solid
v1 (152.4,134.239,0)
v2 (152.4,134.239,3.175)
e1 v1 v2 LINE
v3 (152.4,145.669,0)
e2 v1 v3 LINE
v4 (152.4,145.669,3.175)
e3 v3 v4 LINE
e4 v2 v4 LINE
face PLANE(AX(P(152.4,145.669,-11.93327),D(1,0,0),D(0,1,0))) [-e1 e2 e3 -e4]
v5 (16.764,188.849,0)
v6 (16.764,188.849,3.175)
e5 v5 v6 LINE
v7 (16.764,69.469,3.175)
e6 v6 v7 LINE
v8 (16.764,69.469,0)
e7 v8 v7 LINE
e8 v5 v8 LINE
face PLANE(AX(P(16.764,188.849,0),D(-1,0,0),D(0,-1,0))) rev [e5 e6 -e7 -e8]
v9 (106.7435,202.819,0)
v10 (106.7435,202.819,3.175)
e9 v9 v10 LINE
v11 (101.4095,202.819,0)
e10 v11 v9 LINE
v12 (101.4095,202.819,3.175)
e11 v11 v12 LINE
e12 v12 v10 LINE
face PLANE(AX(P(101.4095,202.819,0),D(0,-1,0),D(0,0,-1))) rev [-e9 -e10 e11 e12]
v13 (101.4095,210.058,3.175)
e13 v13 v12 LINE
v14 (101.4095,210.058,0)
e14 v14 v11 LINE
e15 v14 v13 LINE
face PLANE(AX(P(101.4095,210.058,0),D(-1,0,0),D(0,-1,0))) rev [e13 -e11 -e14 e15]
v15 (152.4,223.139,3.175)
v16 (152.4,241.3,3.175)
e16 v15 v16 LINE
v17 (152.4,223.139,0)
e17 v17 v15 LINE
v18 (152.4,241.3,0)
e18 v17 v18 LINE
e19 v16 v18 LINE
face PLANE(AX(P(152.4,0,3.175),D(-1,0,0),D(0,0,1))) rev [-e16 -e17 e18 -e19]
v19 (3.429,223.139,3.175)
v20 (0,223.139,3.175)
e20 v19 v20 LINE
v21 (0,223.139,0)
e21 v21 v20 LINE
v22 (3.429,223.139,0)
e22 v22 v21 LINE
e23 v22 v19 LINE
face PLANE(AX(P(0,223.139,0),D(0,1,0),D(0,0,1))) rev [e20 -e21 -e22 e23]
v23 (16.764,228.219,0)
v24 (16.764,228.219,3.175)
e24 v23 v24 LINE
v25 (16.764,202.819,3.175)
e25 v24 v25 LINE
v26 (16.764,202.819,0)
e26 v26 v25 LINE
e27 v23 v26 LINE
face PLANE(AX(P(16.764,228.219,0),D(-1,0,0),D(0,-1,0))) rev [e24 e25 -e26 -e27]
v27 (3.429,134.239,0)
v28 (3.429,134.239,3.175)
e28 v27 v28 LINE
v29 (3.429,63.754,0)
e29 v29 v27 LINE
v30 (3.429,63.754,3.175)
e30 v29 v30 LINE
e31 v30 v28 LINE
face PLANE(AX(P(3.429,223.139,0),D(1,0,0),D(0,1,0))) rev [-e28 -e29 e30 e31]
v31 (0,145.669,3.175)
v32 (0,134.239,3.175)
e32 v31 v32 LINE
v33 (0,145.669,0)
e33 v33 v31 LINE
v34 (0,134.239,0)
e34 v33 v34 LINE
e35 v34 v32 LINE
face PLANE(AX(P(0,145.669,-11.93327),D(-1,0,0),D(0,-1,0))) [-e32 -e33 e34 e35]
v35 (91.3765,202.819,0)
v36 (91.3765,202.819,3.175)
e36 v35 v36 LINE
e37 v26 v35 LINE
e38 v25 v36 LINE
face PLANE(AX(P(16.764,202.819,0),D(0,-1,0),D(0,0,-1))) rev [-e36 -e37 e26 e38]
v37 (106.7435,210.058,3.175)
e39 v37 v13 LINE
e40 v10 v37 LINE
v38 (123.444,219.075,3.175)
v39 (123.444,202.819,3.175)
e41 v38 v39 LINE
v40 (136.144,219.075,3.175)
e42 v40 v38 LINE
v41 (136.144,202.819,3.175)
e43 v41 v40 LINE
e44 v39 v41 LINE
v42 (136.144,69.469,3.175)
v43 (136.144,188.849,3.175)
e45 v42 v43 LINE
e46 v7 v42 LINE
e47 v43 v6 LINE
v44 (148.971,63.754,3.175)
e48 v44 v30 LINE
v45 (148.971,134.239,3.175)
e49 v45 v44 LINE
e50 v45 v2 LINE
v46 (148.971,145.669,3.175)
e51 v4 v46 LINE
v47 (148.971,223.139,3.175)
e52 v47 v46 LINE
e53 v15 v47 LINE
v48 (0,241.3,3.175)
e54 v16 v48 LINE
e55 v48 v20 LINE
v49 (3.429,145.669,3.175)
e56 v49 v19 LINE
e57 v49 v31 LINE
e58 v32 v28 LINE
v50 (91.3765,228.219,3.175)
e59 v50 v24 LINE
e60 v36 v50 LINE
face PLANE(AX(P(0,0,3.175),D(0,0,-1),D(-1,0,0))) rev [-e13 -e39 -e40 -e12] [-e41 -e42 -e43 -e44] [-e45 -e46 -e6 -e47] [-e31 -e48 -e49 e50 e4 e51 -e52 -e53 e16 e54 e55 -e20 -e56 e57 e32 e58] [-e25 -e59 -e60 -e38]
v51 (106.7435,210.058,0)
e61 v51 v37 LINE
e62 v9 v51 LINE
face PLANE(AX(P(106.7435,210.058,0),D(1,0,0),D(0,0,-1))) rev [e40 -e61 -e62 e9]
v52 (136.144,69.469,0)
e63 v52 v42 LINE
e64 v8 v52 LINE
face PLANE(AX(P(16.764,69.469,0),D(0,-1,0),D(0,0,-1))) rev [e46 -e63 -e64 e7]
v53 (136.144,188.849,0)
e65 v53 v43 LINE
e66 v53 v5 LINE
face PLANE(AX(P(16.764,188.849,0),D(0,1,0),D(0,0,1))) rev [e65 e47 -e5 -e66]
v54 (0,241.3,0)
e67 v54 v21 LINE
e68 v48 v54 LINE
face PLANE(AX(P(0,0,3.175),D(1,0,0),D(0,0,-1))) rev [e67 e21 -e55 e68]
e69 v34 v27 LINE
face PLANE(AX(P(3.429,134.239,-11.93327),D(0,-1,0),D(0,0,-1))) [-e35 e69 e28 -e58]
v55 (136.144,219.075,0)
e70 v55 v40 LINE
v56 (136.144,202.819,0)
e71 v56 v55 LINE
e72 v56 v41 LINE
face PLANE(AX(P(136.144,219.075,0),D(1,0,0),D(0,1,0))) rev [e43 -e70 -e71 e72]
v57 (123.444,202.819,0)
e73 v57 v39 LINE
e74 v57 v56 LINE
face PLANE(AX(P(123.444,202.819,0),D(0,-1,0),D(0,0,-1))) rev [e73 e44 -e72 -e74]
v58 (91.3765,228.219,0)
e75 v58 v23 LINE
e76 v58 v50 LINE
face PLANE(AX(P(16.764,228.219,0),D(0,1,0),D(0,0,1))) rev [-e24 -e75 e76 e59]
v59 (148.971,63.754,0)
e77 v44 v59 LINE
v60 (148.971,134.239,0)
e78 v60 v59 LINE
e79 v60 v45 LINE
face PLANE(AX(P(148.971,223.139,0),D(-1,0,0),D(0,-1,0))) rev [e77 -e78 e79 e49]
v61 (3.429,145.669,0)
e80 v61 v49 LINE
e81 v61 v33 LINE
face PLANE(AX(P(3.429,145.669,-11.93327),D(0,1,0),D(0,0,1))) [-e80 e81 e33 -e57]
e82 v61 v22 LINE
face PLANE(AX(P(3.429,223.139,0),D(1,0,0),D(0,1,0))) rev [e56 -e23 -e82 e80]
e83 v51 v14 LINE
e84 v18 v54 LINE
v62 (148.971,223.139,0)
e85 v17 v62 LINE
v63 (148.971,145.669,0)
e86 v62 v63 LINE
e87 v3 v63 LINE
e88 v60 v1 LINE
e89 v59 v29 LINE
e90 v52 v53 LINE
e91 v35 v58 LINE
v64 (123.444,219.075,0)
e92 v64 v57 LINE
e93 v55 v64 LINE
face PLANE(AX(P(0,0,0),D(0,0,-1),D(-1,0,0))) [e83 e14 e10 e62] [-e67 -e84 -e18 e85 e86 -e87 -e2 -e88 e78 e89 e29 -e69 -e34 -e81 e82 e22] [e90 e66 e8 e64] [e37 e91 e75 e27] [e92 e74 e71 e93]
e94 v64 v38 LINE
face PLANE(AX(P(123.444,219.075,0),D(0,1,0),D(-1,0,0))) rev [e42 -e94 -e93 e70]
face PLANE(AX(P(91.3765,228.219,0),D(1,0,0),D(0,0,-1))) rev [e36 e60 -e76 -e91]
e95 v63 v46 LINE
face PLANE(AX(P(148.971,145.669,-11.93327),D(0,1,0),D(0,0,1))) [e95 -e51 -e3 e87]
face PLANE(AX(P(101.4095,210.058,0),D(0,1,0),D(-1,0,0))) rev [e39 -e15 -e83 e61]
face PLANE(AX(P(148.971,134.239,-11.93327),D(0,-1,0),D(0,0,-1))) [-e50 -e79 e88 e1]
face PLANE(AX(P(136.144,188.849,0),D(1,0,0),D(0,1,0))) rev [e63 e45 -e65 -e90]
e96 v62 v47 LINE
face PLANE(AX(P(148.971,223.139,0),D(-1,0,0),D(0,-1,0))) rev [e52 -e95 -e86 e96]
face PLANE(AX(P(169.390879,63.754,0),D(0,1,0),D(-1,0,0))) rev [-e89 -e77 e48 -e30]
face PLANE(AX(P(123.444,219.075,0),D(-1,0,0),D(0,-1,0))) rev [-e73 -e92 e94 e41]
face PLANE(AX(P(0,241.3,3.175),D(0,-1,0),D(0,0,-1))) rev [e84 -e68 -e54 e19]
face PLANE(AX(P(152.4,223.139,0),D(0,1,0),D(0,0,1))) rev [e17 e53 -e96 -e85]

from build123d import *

# Parameters (mm, degrees)
SKETCH1_W           = 152.4
SKETCH1_H           = 241.3
BOSS_EXTRUDE1_DEPTH = 3.175
SKETCH2_W           = 3.429
SKETCH2_H           = 168.148
SKETCH2_H_2         = 40.386
CUT_EXTRUDE1_DEPTH  = 286.414664348
SKETCH3_W           = 119.38
SKETCH3_H           = 119.38
SKETCH3_W_2         = 74.6125
SKETCH3_H_2         = 25.4
SKETCH3_W_3         = 12.7
SKETCH3_H_3         = 16.256
SKETCH3_W_4         = 5.334
SKETCH3_H_4         = 7.239
CUT_EXTRUDE2_DEPTH  = 286.414664348
SKETCH4_W           = 184.697558878
SKETCH4_H           = 63.754
CUT_EXTRUDE5_DEPTH  = 286.414664348
SKETCH5_W           = 3.429
SKETCH5_H           = 11.43
BOSS_EXTRUDE2_DEPTH = 3.175


with BuildPart() as part:
    # Sketch1 → Boss-Extrude1 (new body)
    with BuildSketch(Plane.XY):
        with Locations((76.2, 120.65)):
            Rectangle(SKETCH1_W, SKETCH1_H)
    extrude(amount=BOSS_EXTRUDE1_DEPTH)

    # Sketch2 → Cut-Extrude1 (cut, through all)
    with BuildSketch(Plane.XY.offset(3.175)):
        with Locations((150.6855, 139.065)):
            Rectangle(SKETCH2_W, SKETCH2_H)
        with Locations((1.7145, 139.065)):
            Rectangle(SKETCH2_W, SKETCH2_H)
        with Locations((150.6855, 20.193)):
            Rectangle(SKETCH2_W, SKETCH2_H_2)
        with Locations((1.7145, 20.193)):
            Rectangle(SKETCH2_W, SKETCH2_H_2)
    extrude(amount=-CUT_EXTRUDE1_DEPTH, mode=Mode.SUBTRACT)

    # Sketch3 → Cut-Extrude2 (cut, through all)
    with BuildSketch(Plane.XY.offset(3.175)):
        Polygon((128.016, 57.15), (140.716, 57.15), (140.716, 44.45), align=None)
        Polygon((125.77093597, 42.20493597), (138.47093597, 42.20493597), (125.77093597, 54.90493597), align=None)
        Polygon((108.966, 57.15), (121.666, 57.15), (121.666, 44.45), align=None)
        Polygon((119.42093597, 42.20493597), (106.72093597, 54.90493597), (106.72093597, 42.20493597), align=None)
        Polygon((89.916, 57.15), (102.616, 57.15), (102.616, 44.45), align=None)
        Polygon((100.37093597, 42.20493597), (87.67093597, 54.90493597), (87.67093597, 42.20493597), align=None)
        Polygon((70.866, 57.15), (83.566, 57.15), (83.566, 44.45), align=None)
        Polygon((81.32093597, 42.20493597), (68.62093597, 54.90493597), (68.62093597, 42.20493597), align=None)
        Polygon((51.816, 57.15), (64.516, 57.15), (64.516, 44.45), align=None)
        Polygon((62.27093597, 42.20493597), (49.57093597, 54.90493597), (49.57093597, 42.20493597), align=None)
        Polygon((32.766, 57.15), (45.466, 57.15), (45.466, 44.45), align=None)
        Polygon((43.22093597, 42.20493597), (30.52093597, 54.90493597), (30.52093597, 42.20493597), align=None)
        Polygon((13.716, 57.15), (26.416, 57.15), (26.416, 44.45), align=None)
        Polygon((24.17093597, 42.20493597), (11.47093597, 54.90493597), (11.47093597, 42.20493597), align=None)
        Polygon((128.016, 38.1), (140.716, 38.1), (140.716, 25.4), align=None)
        with Locations((76.454, 129.159)):
            Rectangle(SKETCH3_W, SKETCH3_H)
        Polygon((125.77093597, 23.15493597), (138.47093597, 23.15493597), (125.77093597, 35.85493597), align=None)
        Polygon((108.966, 38.1), (121.666, 38.1), (121.666, 25.4), align=None)
        Polygon((119.42093597, 23.15493597), (106.72093597, 35.85493597), (106.72093597, 23.15493597), align=None)
        Polygon((89.916, 38.1), (102.616, 38.1), (102.616, 25.4), align=None)
        Polygon((100.37093597, 23.15493597), (87.67093597, 35.85493597), (87.67093597, 23.15493597), align=None)
        Polygon((70.866, 38.1), (83.566, 38.1), (83.566, 25.4), align=None)
        Polygon((81.32093597, 23.15493597), (68.62093597, 35.85493597), (68.62093597, 23.15493597), align=None)
        Polygon((51.816, 38.1), (64.516, 38.1), (64.516, 25.4), align=None)
        Polygon((62.27093597, 23.15493597), (49.57093597, 35.85493597), (49.57093597, 23.15493597), align=None)
        Polygon((32.766, 38.1), (45.466, 38.1), (45.466, 25.4), align=None)
        Polygon((43.22093597, 23.15493597), (30.52093597, 35.85493597), (30.52093597, 23.15493597), align=None)
        Polygon((13.716, 38.1), (26.416, 38.1), (26.416, 25.4), align=None)
        Polygon((24.17093597, 23.15493597), (11.47093597, 35.85493597), (11.47093597, 23.15493597), align=None)
        Polygon((128.016, 19.05), (140.716, 19.05), (140.716, 6.35), align=None)
        Polygon((125.77093597, 4.10493597), (138.47093597, 4.10493597), (125.77093597, 16.80493597), align=None)
        Polygon((108.966, 19.05), (121.666, 19.05), (121.666, 6.35), align=None)
        Polygon((119.42093597, 4.10493597), (106.72093597, 16.80493597), (106.72093597, 4.10493597), align=None)
        Polygon((89.916, 19.05), (102.616, 19.05), (102.616, 6.35), align=None)
        Polygon((100.37093597, 4.10493597), (87.67093597, 16.80493597), (87.67093597, 4.10493597), align=None)
        Polygon((70.866, 19.05), (83.566, 19.05), (83.566, 6.35), align=None)
        Polygon((81.32093597, 4.10493597), (68.62093597, 16.80493597), (68.62093597, 4.10493597), align=None)
        Polygon((51.816, 19.05), (64.516, 19.05), (64.516, 6.35), align=None)
        Polygon((62.27093597, 4.10493597), (49.57093597, 16.80493597), (49.57093597, 4.10493597), align=None)
        Polygon((32.766, 19.05), (45.466, 19.05), (45.466, 6.35), align=None)
        Polygon((43.22093597, 4.10493597), (30.52093597, 16.80493597), (30.52093597, 4.10493597), align=None)
        Polygon((13.716, 19.05), (26.416, 19.05), (26.416, 6.35), align=None)
        Polygon((24.17093597, 4.10493597), (11.47093597, 16.80493597), (11.47093597, 4.10493597), align=None)
        with Locations((54.07025, 215.519)):
            Rectangle(SKETCH3_W_2, SKETCH3_H_2)
        with Locations((129.794, 210.947)):
            Rectangle(SKETCH3_W_3, SKETCH3_H_3)
        with Locations((104.0765, 206.4385)):
            Rectangle(SKETCH3_W_4, SKETCH3_H_4)
    extrude(amount=-CUT_EXTRUDE2_DEPTH, mode=Mode.SUBTRACT)

    # Sketch4 → Cut-Extrude5 (cut, through all)
    with BuildSketch(Plane.XY.offset(3.175)):
        with Locations((77.04209933, 31.877)):
            Rectangle(SKETCH4_W, SKETCH4_H)
    extrude(amount=-CUT_EXTRUDE5_DEPTH, mode=Mode.SUBTRACT)

    # Sketch5 → Boss-Extrude2 (add)
    with BuildSketch(Plane.XY.offset(3.175)):
        with Locations((1.7145, 139.954)):
            Rectangle(SKETCH5_W, SKETCH5_H)
        with Locations((150.6855, 139.954)):
            Rectangle(SKETCH5_W, SKETCH5_H)
    extrude(amount=-BOSS_EXTRUDE2_DEPTH)


solid = part.part
